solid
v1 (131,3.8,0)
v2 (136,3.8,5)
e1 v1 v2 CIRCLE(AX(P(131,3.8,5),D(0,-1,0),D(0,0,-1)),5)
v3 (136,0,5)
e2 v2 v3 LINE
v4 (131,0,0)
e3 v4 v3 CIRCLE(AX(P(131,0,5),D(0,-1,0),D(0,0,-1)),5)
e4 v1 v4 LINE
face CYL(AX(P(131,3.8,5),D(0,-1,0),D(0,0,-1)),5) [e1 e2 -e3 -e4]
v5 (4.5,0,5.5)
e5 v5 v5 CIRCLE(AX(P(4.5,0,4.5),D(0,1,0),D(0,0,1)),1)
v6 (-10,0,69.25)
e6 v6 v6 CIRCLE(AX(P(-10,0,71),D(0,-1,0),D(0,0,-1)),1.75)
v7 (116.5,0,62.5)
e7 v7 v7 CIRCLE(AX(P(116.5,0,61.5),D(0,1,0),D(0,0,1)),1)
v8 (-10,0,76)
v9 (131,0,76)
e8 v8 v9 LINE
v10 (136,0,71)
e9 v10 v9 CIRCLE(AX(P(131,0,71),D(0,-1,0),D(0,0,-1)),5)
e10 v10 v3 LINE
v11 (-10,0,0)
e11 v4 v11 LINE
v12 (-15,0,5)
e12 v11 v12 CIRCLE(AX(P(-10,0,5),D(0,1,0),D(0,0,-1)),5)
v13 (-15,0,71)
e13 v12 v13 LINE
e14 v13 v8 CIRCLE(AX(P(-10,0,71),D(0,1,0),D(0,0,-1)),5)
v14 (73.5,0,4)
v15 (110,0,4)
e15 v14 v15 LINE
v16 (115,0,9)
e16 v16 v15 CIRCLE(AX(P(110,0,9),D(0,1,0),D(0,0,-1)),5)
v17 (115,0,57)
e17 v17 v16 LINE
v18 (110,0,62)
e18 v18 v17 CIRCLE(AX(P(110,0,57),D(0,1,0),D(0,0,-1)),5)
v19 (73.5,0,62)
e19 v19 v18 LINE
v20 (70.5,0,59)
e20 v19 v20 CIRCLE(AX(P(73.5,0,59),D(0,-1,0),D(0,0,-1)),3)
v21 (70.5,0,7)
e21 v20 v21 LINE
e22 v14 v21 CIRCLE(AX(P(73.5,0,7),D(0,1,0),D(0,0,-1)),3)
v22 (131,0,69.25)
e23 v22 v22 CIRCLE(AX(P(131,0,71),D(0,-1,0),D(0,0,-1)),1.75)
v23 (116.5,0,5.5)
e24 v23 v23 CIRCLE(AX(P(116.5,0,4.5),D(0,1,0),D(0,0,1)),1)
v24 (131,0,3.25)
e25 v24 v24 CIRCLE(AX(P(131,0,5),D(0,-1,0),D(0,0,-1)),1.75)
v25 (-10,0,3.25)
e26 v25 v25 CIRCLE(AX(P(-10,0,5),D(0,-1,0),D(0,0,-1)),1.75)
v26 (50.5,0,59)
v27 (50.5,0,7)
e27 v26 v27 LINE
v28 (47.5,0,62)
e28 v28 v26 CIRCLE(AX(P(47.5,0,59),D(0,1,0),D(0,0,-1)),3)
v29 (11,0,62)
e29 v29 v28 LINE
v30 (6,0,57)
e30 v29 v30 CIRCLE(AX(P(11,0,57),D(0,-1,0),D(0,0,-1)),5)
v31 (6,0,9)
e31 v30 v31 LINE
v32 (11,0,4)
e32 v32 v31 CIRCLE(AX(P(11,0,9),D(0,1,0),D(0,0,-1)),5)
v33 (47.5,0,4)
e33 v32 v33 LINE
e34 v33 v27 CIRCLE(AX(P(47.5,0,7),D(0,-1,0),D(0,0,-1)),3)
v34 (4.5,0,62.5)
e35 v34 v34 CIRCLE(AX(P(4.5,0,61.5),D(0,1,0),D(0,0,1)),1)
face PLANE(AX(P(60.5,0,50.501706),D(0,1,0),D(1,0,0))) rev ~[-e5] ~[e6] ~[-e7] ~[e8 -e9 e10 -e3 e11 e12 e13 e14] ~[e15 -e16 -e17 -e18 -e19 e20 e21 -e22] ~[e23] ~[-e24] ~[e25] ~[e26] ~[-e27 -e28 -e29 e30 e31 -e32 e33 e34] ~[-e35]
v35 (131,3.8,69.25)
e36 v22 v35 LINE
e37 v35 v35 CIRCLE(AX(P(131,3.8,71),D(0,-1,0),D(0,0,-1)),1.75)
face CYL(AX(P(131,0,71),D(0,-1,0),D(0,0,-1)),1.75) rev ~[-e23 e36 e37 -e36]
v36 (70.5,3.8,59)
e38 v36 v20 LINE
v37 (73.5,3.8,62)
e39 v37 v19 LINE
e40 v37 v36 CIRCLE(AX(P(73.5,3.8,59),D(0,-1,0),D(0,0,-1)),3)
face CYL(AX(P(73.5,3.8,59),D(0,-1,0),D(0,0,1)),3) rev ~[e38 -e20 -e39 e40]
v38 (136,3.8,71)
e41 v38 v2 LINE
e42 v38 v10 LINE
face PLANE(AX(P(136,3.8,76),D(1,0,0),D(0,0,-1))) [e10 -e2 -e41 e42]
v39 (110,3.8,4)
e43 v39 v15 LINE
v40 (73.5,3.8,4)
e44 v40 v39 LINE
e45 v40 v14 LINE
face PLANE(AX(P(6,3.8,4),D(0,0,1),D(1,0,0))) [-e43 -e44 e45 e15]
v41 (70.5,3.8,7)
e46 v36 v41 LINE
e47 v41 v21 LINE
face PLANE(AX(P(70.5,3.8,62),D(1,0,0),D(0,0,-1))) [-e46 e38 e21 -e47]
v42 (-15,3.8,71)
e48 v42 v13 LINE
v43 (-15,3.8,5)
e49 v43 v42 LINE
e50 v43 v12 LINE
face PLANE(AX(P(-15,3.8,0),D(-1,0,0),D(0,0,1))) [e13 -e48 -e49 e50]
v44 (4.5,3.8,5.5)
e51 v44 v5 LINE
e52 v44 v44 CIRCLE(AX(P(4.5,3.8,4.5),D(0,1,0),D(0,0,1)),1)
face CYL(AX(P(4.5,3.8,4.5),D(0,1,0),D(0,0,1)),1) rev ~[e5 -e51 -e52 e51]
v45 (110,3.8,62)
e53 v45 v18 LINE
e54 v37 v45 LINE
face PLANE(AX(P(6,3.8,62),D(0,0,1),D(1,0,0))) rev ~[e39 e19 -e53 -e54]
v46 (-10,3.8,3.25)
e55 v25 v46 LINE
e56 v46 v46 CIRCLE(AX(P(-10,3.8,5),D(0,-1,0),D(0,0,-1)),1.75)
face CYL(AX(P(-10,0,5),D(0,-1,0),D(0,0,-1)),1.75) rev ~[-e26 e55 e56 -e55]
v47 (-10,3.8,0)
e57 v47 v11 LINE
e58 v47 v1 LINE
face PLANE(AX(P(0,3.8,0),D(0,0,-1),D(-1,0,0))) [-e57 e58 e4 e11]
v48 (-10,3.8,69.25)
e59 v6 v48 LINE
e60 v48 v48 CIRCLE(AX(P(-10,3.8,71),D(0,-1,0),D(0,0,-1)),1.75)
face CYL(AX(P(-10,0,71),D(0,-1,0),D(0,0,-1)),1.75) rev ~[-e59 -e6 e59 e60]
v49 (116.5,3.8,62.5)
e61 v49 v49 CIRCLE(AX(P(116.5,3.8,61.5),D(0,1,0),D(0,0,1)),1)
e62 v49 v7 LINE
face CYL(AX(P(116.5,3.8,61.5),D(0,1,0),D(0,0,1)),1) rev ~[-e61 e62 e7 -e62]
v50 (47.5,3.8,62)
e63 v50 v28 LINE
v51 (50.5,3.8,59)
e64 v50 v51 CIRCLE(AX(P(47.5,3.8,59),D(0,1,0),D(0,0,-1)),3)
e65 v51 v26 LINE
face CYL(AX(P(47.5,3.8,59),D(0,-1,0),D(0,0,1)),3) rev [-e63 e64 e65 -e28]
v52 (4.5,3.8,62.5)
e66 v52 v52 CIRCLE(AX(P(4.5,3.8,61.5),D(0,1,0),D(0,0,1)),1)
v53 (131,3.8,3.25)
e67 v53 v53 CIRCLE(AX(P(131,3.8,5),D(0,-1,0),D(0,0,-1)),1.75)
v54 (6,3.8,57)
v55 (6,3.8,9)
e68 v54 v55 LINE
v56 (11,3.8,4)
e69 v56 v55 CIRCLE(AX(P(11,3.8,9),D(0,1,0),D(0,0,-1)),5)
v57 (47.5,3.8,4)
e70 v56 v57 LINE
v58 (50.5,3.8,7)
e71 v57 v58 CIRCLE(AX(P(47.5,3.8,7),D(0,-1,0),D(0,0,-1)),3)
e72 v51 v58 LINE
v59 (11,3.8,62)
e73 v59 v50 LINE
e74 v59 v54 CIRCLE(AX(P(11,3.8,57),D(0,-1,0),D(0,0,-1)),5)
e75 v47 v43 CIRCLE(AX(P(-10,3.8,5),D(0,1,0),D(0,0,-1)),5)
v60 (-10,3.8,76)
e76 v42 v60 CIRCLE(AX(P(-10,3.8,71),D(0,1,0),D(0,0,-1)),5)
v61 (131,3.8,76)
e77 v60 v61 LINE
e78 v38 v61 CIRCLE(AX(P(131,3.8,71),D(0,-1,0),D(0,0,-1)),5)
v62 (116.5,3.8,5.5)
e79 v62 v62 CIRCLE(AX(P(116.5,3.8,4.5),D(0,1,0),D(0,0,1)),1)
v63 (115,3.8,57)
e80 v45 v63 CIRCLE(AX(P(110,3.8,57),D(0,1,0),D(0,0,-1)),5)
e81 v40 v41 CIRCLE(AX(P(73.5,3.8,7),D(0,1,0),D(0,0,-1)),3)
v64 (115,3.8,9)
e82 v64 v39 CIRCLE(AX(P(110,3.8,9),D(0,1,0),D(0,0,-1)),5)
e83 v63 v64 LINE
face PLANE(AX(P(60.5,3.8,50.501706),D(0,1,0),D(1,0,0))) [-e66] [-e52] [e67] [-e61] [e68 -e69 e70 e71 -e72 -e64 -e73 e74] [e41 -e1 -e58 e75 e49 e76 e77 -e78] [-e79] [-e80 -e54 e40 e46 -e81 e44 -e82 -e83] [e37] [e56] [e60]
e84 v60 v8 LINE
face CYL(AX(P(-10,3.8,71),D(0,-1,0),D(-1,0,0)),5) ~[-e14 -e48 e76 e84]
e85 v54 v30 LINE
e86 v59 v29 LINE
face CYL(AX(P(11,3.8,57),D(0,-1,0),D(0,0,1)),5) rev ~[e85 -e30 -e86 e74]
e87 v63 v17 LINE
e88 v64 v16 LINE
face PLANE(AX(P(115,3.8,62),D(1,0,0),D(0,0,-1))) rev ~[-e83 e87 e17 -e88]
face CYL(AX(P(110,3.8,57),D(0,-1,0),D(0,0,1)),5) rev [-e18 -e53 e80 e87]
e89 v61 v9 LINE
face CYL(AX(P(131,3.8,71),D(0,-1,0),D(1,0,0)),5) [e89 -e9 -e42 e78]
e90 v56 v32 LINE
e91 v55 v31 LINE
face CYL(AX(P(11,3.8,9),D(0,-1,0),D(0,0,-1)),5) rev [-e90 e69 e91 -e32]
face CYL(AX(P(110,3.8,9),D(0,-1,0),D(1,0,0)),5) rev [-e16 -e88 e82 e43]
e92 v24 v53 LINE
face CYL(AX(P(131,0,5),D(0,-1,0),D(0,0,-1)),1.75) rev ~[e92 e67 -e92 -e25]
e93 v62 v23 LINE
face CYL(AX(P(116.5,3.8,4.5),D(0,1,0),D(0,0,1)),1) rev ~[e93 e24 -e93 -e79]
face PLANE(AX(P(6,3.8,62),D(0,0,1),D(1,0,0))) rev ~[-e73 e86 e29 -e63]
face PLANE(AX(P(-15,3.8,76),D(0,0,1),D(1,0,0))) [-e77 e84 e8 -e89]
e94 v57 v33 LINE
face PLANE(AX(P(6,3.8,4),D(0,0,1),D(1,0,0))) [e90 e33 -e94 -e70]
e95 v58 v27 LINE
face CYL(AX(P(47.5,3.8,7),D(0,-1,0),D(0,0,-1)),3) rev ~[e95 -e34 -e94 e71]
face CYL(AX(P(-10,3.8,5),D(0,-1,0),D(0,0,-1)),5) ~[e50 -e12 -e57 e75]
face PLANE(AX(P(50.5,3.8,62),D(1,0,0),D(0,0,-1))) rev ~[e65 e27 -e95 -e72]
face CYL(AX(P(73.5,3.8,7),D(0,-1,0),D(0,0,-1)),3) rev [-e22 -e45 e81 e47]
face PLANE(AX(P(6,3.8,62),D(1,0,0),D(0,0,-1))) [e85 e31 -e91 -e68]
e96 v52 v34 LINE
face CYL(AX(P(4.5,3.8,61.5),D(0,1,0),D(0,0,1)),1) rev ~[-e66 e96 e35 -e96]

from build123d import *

# Parameters (mm, degrees)
SKETCH1_W           = 121
SKETCH1_H           = 66
BOSS_EXTRUDE1_DEPTH = 3.8
SKETCH2_W           = 109
SKETCH2_H           = 58
CUT_EXTRUDE1_DEPTH  = 138.881978518
FILLET1_R           = 5
SKETCH3_W           = 20
SKETCH3_H           = 58
BOSS_EXTRUDE2_DEPTH = 3.8
FILLET2_R           = 3
SKETCH4_R           = 1
CUT_EXTRUDE2_DEPTH  = 138.881978518
BOSS_EXTRUDE3_DEPTH = 3.8
SKETCH6_R           = 1.75
CUT_EXTRUDE3_DEPTH  = 156.841072892
FILLET3_R           = 5


with BuildPart() as part:
    # Sketch1 → Boss-Extrude1 (new body)
    with BuildSketch(Plane(origin=(0, 0, 0), x_dir=(1, 0, 0), z_dir=(0, 1, 0))):
        with Locations((60.5, -33)):
            Rectangle(SKETCH1_W, SKETCH1_H)
    extrude(amount=BOSS_EXTRUDE1_DEPTH)

    # Sketch2 → Cut-Extrude1 (cut, through all)
    with BuildSketch(Plane(origin=(0, 3.8, 0), x_dir=(1, 0, 0), z_dir=(0, 1, 0))):
        with Locations((60.5, -33)):
            Rectangle(SKETCH2_W, SKETCH2_H)
    extrude(amount=-CUT_EXTRUDE1_DEPTH, mode=Mode.SUBTRACT)

    # Fillet1
    fillet1_edges = [part.edges().sort_by_distance(p)[0] for p in [
        (115, 1.9, 4),
        (115, 1.9, 62),
        (6, 1.9, 62),
        (6, 1.9, 4),
    ]]
    fillet(fillet1_edges, radius=FILLET1_R)

    # Sketch3 → Boss-Extrude2 (add, through all)
    with BuildSketch(Plane(origin=(0, 3.8, 0), x_dir=(1, 0, 0), z_dir=(0, 1, 0))):
        with Locations((60.5, -33)):
            Rectangle(SKETCH3_W, SKETCH3_H)
    extrude(amount=-BOSS_EXTRUDE2_DEPTH)

    # Fillet2
    fillet2_edges = [part.edges().sort_by_distance(p)[0] for p in [
        (70.5, 1.9, 4),
        (70.5, 1.9, 62),
        (50.5, 1.9, 62),
        (50.5, 1.9, 4),
    ]]
    fillet(fillet2_edges, radius=FILLET2_R)

    # Sketch4 → Cut-Extrude2 (cut, through all)
    with BuildSketch(Plane(origin=(0, 3.8, 0), x_dir=(1, 0, 0), z_dir=(0, 1, 0))):
        with Locations(Location((116.5, -61.5, 0), (0, 0, 270))):
            Circle(SKETCH4_R)
        with Locations(Location((116.5, -4.5, 0), (0, 0, 270))):
            Circle(SKETCH4_R)
        with Locations(Location((4.5, -4.5, 0), (0, 0, 270))):
            Circle(SKETCH4_R)
        with Locations(Location((4.5, -61.5, 0), (0, 0, 270))):
            Circle(SKETCH4_R)
    extrude(amount=-CUT_EXTRUDE2_DEPTH, mode=Mode.SUBTRACT)

    # Sketch5 → Boss-Extrude3 (add, through all)
    with BuildSketch(Plane(origin=(0, 3.8, 0), x_dir=(1, 0, 0), z_dir=(0, 1, 0))):
        Polygon((0, 0), (-15, 0), (-15, -76), (136, -76), (136, 0), (121, 0), (121, -66), (0, -66), align=None)
    extrude(amount=-BOSS_EXTRUDE3_DEPTH)

    # Sketch6 → Cut-Extrude3 (cut, through all)
    with BuildSketch(Plane(origin=(0, 0, 0), x_dir=(-1, 0, 0), z_dir=(0, -1, 0))):
        with Locations(Location((10, -71, 0), (0, 0, 90))):
            Circle(SKETCH6_R)
        with Locations(Location((10, -5, 0), (0, 0, 90))):
            Circle(SKETCH6_R)
        with Locations(Location((-131, -71, 0), (0, 0, 90))):
            Circle(SKETCH6_R)
        with Locations(Location((-131, -5, 0), (0, 0, 90))):
            Circle(SKETCH6_R)
    extrude(amount=-CUT_EXTRUDE3_DEPTH, mode=Mode.SUBTRACT)

    # Fillet3
    fillet3_edges = [part.edges().sort_by_distance(p)[0] for p in [
        (136, 1.9, 0),
        (136, 1.9, 76),
        (-15, 1.9, 76),
        (-15, 1.9, 0),
    ]]
    fillet(fillet3_edges, radius=FILLET3_R)


solid = part.part
